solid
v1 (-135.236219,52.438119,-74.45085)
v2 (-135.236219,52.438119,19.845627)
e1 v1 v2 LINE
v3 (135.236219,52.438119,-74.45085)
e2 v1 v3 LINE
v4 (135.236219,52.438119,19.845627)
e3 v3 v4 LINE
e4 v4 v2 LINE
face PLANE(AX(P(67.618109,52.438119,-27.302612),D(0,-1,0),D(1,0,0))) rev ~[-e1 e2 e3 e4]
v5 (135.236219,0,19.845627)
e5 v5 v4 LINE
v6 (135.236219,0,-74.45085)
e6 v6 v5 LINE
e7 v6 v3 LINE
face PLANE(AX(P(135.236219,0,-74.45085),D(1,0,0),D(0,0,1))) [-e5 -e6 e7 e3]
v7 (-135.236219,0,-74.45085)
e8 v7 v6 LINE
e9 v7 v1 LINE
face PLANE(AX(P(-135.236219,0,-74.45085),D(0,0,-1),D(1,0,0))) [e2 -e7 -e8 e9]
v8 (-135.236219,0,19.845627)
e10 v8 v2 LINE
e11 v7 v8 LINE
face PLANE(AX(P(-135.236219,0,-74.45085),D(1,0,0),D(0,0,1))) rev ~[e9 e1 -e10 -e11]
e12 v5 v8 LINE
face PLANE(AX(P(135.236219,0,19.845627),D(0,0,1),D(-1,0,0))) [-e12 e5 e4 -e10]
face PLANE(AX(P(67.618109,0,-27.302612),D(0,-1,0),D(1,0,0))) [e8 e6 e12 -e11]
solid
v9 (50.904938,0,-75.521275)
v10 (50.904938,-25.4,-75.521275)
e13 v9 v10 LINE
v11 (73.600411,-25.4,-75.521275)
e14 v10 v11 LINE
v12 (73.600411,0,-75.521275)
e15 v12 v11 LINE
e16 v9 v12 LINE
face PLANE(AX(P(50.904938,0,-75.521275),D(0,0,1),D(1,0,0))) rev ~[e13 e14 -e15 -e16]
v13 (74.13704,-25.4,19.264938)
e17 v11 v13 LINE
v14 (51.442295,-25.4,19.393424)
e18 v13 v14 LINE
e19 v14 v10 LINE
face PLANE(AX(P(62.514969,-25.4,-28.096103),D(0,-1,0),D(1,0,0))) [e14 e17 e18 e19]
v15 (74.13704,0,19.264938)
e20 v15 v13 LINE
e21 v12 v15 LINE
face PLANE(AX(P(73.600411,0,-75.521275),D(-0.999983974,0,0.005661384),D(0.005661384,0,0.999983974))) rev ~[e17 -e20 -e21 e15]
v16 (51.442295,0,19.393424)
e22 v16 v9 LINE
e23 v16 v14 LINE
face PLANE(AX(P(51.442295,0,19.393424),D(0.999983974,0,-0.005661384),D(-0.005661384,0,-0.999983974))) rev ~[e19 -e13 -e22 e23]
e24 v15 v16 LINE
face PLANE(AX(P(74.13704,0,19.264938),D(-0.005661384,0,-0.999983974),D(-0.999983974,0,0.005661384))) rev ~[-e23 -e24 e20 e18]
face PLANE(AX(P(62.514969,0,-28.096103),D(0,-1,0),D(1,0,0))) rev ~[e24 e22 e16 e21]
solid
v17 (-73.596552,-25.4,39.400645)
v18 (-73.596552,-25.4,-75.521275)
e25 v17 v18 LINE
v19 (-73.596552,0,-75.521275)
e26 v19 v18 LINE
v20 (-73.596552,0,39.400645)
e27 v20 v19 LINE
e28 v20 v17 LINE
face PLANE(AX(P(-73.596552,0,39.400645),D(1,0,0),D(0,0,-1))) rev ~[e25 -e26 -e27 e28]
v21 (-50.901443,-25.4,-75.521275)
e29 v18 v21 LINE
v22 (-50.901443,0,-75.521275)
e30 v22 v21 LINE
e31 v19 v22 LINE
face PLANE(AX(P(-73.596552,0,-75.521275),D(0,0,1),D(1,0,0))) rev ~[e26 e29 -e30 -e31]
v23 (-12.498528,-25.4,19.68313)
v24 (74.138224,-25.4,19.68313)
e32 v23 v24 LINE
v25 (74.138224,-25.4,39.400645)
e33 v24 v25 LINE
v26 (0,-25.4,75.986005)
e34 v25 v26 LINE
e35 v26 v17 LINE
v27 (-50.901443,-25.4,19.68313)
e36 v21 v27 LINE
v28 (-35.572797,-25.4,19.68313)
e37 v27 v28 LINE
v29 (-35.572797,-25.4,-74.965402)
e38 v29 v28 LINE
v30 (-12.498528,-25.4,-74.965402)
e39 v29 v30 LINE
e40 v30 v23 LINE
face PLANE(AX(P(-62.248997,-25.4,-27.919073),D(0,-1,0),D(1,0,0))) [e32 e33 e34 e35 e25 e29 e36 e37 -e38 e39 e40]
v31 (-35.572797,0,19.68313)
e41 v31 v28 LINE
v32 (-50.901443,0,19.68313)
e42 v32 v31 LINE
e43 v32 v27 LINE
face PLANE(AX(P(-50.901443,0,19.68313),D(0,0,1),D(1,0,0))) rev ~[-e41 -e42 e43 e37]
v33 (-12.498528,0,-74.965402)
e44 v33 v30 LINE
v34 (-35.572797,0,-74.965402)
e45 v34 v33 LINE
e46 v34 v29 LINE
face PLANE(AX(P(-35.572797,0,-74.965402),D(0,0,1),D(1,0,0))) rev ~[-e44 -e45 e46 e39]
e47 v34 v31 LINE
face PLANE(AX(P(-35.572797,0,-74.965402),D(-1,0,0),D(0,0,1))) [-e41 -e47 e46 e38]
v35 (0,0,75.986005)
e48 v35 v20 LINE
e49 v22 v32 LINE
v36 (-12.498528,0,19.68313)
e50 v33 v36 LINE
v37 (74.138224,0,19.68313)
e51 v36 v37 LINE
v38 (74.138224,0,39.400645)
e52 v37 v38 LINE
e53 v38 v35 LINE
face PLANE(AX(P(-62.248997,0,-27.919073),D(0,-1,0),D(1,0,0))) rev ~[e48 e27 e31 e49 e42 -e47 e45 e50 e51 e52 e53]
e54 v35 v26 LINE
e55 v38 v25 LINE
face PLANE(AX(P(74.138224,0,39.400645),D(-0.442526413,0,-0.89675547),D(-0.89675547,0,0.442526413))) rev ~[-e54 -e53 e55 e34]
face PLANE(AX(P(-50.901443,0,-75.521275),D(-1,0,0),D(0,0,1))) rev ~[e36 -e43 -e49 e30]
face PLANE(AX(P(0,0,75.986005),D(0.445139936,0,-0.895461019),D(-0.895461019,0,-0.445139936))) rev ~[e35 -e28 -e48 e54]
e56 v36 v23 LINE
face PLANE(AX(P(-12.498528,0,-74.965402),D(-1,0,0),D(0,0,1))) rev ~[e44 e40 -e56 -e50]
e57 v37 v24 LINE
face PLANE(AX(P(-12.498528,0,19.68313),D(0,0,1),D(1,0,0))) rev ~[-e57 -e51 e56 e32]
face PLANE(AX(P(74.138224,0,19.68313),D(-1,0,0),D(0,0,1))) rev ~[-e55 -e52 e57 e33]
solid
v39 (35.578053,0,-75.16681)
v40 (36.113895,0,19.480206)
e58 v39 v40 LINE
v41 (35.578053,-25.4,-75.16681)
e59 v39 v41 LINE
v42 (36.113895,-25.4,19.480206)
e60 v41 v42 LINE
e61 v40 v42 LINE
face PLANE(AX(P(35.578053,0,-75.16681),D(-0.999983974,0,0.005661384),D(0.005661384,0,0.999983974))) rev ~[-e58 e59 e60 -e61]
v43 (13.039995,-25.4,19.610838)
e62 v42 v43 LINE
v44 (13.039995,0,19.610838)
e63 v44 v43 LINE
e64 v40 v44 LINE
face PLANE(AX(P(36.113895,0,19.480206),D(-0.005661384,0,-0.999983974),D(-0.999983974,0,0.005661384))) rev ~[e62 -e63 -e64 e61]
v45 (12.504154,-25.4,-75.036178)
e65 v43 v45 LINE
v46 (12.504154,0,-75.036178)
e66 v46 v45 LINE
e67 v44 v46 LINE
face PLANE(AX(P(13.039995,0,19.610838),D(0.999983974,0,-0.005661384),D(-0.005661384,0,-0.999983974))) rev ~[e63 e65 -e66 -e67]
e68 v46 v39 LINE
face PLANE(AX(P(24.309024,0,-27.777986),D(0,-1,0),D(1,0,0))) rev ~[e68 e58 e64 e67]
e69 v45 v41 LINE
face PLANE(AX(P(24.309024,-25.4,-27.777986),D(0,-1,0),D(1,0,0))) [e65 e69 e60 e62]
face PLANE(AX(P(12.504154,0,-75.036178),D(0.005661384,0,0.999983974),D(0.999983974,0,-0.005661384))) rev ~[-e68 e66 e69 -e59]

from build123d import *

# Parameters (mm, degrees)
F0_W     = 22.6951092482
F0_H     = 95.2044054866
F0_W_2   = 23.0742692947
F0_H_2   = 94.6485325694
F1_DEPTH = 25.4
F2_W     = 135.2362185717
F2_H     = 94.296477735
F3_DEPTH = 52.4381194264


with BuildPart() as f1:
    # F0 (on Front) → F1 (new body)
    with BuildSketch(Plane.XZ):
        with Locations((-62.2489973903, -27.9190726578)):
            Rectangle(F0_W, F0_H)
        with Locations((-24.0356624126, -27.6411361992)):
            Rectangle(F0_W_2, F0_H_2)
        Polygon((-73.5965520144, 39.4006446004), (-73.5965520144, 19.6831300855), (-50.9014427662, 19.6831300855), (-35.57279706, 19.6831300855), (-12.4985277653, 19.6831300855), (0.2708360553, 19.6831300855), (74.1382241249, 19.6831300855), (74.1382241249, 39.4006446004), align=None)
        Polygon((0, 75.9860053658), (-73.5965520144, 39.4006446004), (74.1382241249, 39.4006446004), align=None)
    extrude(amount=F1_DEPTH)


with BuildPart() as f1b:
    # F0 (on Front) → F1, piece 2 (new body)
    with BuildSketch(Plane.XZ):
        Polygon((36.113894749, 19.4802055093), (13.039995237, 19.6108378116), (12.5041535355, -75.0361779428), (35.5780530475, -75.1668102451), align=None)
    extrude(amount=F1_DEPTH)


with BuildPart() as f1c:
    # F0 (on Front) → F1, piece 3 (new body)
    with BuildSketch(Plane.XZ):
        Polygon((51.4422948019, 19.3934241575), (50.9049376152, -75.5212754011), (73.6004105757, -75.5212754011), (74.1370403436, 19.2649384259), align=None)
    extrude(amount=F1_DEPTH)


with BuildPart() as f3:
    # F2 (on Front) → F3 (new body)
    with BuildSketch(Plane.XZ):
        with Locations((67.6181092858, -27.3026116192)):
            Rectangle(F2_W, F2_H)
        with Locations((-67.6181092858, -27.3026116192)):
            Rectangle(F2_W, F2_H)
    extrude(amount=-F3_DEPTH)


solid = Compound([f1.part, f1b.part, f1c.part, f3.part])
